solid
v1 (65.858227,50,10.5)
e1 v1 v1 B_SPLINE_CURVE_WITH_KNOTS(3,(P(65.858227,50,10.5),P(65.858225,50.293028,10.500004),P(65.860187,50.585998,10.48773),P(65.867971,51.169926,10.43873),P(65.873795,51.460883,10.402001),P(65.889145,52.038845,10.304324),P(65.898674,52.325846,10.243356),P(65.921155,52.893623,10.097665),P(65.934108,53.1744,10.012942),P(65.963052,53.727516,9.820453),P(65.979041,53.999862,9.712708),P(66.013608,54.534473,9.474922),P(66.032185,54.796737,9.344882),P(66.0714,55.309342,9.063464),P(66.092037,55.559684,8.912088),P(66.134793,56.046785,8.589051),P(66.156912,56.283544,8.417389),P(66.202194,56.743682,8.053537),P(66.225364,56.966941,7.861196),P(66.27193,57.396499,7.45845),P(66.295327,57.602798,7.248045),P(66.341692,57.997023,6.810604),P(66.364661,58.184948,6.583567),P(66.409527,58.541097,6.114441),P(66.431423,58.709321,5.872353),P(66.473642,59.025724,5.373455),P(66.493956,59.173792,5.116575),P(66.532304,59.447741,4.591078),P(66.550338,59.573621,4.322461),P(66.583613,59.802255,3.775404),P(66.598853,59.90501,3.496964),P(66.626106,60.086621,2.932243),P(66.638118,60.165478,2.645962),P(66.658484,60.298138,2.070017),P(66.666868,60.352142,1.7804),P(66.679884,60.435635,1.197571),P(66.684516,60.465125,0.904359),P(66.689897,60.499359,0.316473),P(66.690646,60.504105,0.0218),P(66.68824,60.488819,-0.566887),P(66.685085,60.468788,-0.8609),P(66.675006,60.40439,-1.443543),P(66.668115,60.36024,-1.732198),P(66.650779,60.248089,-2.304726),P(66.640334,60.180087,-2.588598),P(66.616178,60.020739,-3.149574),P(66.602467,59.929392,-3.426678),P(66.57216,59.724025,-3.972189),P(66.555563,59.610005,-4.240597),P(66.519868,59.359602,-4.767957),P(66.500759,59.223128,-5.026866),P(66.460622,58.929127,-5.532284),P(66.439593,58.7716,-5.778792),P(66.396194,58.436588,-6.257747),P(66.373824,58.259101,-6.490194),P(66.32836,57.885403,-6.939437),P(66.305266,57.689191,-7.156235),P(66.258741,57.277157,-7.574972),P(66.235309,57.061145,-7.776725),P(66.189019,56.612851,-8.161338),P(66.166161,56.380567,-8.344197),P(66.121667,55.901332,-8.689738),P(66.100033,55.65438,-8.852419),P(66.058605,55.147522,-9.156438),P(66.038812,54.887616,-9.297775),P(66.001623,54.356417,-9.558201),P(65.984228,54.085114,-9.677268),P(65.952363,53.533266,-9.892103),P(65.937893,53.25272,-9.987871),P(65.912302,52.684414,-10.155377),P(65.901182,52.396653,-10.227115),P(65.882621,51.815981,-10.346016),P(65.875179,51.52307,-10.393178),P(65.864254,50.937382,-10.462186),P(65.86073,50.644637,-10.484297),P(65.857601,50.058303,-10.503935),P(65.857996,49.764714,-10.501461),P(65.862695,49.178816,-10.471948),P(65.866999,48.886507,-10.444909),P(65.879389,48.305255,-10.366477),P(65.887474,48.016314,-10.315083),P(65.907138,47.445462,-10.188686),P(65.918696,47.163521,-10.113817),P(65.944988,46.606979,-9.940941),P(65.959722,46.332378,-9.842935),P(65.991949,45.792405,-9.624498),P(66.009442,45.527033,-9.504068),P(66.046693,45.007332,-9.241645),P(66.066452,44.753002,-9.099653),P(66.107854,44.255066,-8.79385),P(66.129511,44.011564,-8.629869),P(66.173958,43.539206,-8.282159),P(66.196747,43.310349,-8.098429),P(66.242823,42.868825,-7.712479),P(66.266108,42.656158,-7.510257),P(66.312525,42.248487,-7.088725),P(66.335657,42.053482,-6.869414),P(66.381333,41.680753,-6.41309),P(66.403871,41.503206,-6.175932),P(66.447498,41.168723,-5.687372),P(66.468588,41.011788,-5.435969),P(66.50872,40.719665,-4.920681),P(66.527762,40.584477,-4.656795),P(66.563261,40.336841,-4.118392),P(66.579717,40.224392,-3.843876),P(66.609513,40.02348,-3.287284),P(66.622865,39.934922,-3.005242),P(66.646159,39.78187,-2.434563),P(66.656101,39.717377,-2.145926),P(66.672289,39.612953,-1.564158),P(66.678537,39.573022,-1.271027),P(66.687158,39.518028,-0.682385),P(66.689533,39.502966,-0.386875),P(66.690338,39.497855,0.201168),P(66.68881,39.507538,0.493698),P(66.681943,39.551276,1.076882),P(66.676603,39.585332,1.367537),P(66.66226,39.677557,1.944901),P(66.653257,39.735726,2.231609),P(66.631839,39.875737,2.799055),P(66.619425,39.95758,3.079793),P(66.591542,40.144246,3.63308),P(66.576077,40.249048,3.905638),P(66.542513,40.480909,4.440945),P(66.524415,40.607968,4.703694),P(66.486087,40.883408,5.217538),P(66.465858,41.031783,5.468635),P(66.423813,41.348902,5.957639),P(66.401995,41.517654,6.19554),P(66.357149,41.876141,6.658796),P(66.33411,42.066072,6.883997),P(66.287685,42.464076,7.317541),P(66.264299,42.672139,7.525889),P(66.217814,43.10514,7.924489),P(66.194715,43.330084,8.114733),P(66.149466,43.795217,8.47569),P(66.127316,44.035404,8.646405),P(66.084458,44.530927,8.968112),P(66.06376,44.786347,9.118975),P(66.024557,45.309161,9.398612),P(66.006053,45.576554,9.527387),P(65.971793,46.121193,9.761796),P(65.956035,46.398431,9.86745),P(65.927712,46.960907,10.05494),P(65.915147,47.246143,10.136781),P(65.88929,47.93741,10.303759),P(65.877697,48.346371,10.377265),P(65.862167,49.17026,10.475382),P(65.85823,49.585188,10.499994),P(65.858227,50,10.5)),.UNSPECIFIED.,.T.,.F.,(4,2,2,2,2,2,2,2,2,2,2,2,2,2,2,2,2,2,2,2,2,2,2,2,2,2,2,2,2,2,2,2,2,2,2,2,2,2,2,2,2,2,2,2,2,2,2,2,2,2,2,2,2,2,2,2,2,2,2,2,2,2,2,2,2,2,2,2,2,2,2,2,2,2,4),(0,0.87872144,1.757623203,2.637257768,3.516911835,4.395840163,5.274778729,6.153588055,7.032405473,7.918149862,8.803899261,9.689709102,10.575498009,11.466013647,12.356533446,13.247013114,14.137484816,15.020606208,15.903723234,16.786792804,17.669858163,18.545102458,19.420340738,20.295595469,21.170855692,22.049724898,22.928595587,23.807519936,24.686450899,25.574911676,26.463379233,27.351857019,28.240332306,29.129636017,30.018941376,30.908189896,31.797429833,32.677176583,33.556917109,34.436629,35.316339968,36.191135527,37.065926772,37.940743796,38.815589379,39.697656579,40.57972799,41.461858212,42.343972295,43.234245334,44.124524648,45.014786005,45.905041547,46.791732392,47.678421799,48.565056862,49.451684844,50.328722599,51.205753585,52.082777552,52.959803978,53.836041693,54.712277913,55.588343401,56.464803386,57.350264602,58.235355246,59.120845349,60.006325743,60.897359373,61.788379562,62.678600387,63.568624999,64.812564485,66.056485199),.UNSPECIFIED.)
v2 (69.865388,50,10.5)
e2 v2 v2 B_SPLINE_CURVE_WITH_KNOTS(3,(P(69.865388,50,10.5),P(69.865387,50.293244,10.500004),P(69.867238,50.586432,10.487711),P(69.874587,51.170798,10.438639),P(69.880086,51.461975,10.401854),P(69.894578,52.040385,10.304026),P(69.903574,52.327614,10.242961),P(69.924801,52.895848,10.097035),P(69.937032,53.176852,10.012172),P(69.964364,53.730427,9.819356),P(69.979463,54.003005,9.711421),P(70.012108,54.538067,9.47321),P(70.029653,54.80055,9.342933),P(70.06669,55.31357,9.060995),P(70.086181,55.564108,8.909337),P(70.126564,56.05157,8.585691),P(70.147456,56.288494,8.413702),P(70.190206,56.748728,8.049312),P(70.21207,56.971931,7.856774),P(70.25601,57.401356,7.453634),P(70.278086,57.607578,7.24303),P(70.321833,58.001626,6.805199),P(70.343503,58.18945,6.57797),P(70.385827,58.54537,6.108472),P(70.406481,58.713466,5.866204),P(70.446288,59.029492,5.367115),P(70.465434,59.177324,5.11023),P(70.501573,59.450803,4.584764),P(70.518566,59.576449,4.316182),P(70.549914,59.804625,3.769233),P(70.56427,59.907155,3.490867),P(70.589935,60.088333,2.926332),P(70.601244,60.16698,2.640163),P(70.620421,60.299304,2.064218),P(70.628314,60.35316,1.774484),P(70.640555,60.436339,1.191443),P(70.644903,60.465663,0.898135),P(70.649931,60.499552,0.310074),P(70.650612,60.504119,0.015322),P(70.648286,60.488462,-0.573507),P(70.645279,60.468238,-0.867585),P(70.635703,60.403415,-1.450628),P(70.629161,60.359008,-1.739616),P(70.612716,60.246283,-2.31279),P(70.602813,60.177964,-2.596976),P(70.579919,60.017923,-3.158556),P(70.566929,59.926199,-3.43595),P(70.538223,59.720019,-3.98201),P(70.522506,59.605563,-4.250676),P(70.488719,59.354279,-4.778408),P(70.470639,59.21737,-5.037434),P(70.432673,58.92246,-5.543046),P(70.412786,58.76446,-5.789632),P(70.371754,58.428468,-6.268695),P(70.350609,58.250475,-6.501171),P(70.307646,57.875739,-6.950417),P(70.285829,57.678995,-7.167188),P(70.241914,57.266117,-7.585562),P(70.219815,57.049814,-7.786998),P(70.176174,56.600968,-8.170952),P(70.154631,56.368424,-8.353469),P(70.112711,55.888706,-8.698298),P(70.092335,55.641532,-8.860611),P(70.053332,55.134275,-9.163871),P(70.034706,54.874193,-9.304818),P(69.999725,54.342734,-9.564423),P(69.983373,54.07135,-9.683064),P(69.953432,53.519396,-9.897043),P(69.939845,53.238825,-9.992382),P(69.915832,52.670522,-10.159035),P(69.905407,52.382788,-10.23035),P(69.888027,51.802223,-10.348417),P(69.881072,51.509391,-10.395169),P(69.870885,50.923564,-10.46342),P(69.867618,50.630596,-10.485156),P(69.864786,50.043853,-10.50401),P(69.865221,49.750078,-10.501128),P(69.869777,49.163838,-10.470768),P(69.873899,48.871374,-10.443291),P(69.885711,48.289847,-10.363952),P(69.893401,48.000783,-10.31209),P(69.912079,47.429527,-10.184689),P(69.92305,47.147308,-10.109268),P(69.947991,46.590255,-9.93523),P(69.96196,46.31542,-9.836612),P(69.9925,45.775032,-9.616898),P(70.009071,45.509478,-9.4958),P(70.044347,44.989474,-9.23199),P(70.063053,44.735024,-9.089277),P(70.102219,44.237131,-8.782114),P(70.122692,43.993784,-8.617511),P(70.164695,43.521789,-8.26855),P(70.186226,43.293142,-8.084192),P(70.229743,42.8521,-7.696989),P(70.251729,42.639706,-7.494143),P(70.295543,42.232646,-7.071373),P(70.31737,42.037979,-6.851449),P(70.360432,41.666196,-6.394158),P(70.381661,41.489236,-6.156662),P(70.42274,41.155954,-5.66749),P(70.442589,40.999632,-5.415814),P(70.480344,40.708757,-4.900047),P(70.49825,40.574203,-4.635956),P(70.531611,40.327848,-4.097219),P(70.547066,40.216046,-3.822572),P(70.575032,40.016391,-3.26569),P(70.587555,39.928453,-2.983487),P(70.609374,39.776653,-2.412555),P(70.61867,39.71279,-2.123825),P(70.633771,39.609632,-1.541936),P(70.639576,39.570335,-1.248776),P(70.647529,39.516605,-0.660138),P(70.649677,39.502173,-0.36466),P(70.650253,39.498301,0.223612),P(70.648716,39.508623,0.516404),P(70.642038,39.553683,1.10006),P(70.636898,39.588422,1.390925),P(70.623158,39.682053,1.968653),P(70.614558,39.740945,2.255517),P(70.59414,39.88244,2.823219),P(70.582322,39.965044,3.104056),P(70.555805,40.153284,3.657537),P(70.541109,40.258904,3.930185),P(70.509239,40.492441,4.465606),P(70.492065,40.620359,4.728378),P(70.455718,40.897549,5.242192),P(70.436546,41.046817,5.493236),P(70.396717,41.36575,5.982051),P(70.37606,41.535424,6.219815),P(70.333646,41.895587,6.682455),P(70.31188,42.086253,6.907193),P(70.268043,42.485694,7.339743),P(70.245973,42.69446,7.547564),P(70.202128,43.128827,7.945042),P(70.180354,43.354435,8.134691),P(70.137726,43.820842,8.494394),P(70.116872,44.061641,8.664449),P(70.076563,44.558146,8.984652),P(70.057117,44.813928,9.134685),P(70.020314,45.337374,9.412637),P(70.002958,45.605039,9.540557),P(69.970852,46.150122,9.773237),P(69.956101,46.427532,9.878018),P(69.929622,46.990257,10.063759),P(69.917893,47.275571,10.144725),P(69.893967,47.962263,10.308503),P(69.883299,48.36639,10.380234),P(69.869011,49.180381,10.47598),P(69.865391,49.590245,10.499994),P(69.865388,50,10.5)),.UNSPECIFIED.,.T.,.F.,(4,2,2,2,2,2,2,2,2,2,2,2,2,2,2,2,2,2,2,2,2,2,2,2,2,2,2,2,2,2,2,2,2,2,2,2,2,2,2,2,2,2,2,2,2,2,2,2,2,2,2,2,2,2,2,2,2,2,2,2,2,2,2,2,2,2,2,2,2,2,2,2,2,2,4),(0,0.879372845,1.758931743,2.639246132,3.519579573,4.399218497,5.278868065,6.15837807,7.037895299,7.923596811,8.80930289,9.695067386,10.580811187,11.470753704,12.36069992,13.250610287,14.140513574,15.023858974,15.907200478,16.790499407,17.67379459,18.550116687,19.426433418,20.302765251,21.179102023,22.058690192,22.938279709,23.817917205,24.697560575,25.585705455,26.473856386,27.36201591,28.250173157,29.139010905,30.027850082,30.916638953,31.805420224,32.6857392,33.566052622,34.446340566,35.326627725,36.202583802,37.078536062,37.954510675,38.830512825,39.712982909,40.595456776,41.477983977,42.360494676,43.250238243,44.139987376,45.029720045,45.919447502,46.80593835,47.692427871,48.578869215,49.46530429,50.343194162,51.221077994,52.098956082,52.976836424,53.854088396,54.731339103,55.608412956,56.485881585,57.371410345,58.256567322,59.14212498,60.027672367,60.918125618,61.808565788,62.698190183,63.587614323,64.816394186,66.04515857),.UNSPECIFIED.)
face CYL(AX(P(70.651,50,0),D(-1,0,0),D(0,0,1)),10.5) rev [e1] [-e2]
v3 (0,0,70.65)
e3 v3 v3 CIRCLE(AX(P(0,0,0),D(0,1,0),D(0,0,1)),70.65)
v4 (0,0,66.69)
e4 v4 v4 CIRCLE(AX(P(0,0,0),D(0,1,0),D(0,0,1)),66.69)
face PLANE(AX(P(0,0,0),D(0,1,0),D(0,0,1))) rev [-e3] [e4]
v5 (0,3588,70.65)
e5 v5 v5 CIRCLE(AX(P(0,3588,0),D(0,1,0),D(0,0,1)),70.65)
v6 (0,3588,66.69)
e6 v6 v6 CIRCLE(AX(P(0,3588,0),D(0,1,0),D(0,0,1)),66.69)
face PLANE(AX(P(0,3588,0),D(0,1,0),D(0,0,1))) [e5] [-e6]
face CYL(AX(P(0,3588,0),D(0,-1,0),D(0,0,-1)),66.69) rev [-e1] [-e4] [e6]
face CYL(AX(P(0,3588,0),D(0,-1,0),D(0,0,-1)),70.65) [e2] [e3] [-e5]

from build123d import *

# Parameters (mm, degrees)
SKETCH1_R           = 70.65
SKETCH1_R_2         = 66.69
BOSS_EXTRUDE1_DEPTH = 3588
CUT_EXTRUDE1_REACH  = 72.65
SKETCH3_R           = 10.5


with BuildPart() as part:
    # Sketch1 → Boss-Extrude1 (new body)
    with BuildSketch(Plane(origin=(0, 0, 0), x_dir=(1, 0, 0), z_dir=(0, 1, 0))):
        Circle(SKETCH1_R)
        Circle(SKETCH1_R_2, mode=Mode.SUBTRACT)
    extrude(amount=BOSS_EXTRUDE1_DEPTH)

    # Sketch3 → Cut-Extrude1 (cut, up to next)
    with BuildSketch(Plane(origin=(0, 0, 0), x_dir=(0, 0, -1), z_dir=(1, 0, 0)), mode=Mode.PRIVATE) as cut_extrude1_sk1:
        with Locations((0, 50)):
            Circle(SKETCH3_R)
    cut_extrude1_tool1 = extrude(cut_extrude1_sk1.sketch, amount=CUT_EXTRUDE1_REACH, mode=Mode.PRIVATE) & part.part
    add(cut_extrude1_tool1.solids().sort_by_distance((0, 50, 0))[0], mode=Mode.SUBTRACT)


solid = part.part
